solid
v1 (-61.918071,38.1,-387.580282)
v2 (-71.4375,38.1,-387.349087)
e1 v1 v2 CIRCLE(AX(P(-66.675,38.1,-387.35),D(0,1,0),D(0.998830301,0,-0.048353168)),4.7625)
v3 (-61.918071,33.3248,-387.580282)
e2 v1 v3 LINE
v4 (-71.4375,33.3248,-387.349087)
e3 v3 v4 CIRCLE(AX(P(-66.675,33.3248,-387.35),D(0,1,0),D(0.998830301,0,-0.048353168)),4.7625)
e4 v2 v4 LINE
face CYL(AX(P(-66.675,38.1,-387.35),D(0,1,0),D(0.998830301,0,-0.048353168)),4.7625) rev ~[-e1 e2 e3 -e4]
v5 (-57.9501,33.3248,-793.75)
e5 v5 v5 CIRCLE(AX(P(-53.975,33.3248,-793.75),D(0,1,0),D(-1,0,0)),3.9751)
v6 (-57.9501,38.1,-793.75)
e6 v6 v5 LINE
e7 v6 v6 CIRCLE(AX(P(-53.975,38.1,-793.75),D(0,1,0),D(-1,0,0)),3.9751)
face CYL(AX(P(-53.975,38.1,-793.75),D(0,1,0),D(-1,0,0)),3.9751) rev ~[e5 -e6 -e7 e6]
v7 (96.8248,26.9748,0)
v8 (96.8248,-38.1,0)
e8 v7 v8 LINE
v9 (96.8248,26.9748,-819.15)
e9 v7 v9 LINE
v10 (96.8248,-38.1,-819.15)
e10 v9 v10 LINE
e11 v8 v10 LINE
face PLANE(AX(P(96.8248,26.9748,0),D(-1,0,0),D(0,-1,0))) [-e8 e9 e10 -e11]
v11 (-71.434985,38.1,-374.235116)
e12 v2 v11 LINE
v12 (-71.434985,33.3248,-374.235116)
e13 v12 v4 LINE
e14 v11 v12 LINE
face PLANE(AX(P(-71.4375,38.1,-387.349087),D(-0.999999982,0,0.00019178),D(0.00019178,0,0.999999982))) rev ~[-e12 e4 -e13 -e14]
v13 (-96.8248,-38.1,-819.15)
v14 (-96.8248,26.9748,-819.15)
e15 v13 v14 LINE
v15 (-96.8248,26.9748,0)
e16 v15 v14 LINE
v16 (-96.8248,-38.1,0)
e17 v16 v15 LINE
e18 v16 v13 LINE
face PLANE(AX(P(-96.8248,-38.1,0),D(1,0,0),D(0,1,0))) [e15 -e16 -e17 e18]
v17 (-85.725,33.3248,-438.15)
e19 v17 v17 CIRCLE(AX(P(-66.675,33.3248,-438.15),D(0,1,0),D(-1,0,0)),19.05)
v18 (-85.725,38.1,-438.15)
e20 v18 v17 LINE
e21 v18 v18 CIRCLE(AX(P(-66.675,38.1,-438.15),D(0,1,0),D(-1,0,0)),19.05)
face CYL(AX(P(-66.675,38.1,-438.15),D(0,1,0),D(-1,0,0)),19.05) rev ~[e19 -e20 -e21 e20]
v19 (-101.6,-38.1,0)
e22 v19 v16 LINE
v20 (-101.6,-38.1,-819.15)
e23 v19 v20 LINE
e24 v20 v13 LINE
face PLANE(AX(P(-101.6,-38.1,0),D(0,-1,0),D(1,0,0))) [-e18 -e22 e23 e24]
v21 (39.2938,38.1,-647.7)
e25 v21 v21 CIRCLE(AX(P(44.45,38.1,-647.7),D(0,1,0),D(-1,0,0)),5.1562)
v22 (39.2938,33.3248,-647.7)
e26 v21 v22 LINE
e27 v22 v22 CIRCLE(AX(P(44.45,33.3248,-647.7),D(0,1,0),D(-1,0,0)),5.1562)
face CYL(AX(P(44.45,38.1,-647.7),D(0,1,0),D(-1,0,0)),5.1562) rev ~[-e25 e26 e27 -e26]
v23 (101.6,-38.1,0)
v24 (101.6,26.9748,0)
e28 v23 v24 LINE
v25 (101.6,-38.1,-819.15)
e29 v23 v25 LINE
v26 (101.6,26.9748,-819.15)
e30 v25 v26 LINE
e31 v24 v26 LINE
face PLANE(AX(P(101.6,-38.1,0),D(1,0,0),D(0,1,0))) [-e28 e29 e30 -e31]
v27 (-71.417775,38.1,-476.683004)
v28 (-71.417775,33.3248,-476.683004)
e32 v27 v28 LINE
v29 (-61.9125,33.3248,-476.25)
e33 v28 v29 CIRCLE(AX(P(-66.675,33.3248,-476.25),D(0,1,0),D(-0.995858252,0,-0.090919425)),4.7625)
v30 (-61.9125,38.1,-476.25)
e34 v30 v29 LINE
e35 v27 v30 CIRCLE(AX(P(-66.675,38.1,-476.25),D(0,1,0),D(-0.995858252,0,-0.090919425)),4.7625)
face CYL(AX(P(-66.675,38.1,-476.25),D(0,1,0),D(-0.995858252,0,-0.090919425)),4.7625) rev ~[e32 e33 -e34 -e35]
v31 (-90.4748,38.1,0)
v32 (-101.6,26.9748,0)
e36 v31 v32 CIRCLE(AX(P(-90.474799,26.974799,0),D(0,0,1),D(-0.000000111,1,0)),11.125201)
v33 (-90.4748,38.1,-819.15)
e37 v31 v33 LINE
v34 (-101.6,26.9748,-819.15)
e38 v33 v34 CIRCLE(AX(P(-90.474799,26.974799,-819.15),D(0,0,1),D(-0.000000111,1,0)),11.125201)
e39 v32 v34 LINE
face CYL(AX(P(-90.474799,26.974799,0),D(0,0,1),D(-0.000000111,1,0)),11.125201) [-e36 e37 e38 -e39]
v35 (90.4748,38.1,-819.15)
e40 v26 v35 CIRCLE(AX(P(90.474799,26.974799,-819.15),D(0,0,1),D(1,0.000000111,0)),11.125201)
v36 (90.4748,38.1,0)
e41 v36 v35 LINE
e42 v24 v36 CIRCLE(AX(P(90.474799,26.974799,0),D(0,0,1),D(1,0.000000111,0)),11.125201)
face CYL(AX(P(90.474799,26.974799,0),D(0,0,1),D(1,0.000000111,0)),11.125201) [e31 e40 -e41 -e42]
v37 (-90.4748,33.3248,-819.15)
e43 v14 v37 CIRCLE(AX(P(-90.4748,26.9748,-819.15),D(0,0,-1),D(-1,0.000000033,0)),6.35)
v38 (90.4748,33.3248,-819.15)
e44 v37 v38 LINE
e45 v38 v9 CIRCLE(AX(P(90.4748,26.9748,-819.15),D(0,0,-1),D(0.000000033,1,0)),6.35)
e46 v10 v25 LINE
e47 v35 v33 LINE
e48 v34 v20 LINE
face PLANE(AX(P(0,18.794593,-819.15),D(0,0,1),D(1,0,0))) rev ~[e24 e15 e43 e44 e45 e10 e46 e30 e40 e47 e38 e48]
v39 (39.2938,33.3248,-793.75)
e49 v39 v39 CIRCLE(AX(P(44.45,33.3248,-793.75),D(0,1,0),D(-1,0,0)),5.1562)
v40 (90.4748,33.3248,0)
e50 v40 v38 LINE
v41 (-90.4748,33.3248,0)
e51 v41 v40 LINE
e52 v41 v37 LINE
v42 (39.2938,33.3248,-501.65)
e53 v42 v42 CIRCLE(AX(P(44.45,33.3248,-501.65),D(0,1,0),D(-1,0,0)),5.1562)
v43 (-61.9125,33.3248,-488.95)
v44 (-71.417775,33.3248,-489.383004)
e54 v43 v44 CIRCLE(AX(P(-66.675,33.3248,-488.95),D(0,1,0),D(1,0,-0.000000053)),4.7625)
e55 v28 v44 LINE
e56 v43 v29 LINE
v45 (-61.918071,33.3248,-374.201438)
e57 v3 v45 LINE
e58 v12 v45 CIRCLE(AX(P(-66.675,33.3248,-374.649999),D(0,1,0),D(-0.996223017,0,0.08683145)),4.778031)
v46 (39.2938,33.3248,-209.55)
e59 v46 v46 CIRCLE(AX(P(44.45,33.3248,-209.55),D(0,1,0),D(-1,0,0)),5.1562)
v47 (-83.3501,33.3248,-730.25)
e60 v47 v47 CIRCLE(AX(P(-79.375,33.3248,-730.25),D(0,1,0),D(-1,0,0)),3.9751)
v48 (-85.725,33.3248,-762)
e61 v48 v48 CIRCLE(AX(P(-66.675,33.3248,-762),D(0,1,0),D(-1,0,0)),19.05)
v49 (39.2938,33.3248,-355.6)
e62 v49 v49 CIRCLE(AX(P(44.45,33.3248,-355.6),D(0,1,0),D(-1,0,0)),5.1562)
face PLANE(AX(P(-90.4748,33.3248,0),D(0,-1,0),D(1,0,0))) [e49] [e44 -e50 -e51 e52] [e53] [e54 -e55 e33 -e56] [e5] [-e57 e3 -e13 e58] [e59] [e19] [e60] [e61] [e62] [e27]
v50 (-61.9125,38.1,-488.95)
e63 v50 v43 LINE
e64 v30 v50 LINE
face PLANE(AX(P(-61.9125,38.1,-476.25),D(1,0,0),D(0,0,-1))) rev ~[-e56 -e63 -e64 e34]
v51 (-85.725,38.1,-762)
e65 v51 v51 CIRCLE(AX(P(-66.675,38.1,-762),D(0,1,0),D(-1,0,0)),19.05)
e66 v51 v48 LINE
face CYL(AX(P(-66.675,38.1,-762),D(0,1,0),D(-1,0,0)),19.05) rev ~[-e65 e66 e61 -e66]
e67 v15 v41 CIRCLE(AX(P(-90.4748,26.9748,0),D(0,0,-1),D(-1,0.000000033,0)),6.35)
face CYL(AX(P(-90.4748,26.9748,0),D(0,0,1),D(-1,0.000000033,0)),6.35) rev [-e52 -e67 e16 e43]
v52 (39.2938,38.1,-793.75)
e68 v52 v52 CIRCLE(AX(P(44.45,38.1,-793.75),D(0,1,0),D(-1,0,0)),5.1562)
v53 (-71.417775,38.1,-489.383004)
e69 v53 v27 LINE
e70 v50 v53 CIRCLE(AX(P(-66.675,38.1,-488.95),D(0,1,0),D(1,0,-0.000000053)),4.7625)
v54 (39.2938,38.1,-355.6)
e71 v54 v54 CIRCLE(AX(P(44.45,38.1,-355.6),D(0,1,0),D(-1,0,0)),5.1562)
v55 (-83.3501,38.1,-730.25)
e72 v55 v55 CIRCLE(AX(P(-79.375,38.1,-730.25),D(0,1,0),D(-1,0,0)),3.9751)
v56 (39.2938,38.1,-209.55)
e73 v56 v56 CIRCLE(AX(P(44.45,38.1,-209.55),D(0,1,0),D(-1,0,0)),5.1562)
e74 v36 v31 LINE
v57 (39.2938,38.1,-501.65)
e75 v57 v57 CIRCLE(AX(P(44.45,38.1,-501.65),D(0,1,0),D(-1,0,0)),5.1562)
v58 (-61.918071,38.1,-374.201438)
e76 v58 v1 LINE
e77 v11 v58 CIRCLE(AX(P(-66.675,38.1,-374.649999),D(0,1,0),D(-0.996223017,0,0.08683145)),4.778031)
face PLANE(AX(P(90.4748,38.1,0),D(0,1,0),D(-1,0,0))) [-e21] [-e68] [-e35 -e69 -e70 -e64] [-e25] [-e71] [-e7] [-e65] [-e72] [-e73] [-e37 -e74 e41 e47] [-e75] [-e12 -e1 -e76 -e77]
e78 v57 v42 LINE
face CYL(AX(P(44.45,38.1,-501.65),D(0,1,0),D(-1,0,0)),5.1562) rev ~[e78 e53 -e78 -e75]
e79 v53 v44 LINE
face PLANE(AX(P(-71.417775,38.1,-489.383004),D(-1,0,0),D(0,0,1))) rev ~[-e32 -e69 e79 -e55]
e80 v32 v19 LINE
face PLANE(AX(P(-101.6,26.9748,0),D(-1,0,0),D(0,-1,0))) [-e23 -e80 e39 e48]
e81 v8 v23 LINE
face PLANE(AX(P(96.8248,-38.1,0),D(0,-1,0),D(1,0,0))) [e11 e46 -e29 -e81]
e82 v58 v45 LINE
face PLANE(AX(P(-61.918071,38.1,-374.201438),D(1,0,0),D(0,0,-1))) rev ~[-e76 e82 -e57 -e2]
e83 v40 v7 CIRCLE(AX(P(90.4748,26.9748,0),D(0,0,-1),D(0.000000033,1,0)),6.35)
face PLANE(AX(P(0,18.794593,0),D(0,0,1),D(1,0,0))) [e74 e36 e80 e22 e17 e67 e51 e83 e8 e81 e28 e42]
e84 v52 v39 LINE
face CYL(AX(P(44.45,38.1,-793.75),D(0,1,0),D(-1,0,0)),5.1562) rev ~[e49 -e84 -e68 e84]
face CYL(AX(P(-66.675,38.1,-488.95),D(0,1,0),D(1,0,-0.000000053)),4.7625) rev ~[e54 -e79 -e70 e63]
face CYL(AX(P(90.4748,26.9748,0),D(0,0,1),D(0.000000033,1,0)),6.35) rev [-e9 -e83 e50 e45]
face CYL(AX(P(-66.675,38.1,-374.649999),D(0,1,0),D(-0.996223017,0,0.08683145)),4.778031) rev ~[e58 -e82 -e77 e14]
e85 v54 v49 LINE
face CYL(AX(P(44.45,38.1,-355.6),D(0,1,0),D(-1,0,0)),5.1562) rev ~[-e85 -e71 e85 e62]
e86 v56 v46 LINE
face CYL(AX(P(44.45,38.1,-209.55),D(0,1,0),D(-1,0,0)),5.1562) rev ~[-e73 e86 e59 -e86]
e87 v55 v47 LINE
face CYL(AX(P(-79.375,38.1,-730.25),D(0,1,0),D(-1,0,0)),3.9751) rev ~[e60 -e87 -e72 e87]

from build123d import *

# Parameters (mm, degrees)
F1_DEPTH = 819.15
F2_R     = 5.1562
F2_R_2   = 3.9751
F2_R_3   = 19.05
F3_DEPTH = 76.201


with BuildPart() as f1:
    # F0 (on Top) → F1 (new body)
    with BuildSketch(Plane.XY):
        with BuildLine():
            ThreePointArc((101.6, 26.9748), (98.341504, 34.841504), (90.4748, 38.1))
            Line((90.4748, 38.1), (-90.4748, 38.1))
            ThreePointArc((-90.4748, 38.1), (-98.341504, 34.841504), (-101.6, 26.9748))
            Line((-101.6, 26.9748), (-101.6, -38.1))
            Line((-101.6, -38.1), (-96.8248, -38.1))
            Line((-96.8248, -38.1), (-96.8248, 26.9748))
            ThreePointArc((-96.8248, 26.9748), (-94.964928, 31.464928), (-90.4748, 33.3248))
            Line((-90.4748, 33.3248), (90.4748, 33.3248))
            ThreePointArc((90.4748, 33.3248), (94.964928, 31.464928), (96.8248, 26.9748))
            Line((96.8248, 26.9748), (96.8248, -38.1))
            Line((96.8248, -38.1), (101.6, -38.1))
            Line((101.6, -38.1), (101.6, 26.9748))
        make_face()
    extrude(amount=-F1_DEPTH)

    # F2 (on face) → F3 (cut, through all)
    with BuildSketch(Plane(origin=(0, 38.1, 0), x_dir=(-1, 0, 0), z_dir=(0, 1, 0))):
        with Locations((-44.45, -209.55)):
            Circle(F2_R)
        with Locations((-44.45, -355.6)):
            Circle(F2_R)
        with Locations((-44.45, -501.65)):
            Circle(F2_R)
        with Locations((-44.45, -647.7)):
            Circle(F2_R)
        with Locations((-44.45, -793.75)):
            Circle(F2_R)
        with Locations((53.975, -793.75)):
            Circle(F2_R_2)
        with Locations((66.675, -762)):
            Circle(F2_R_3)
        with Locations((79.375, -730.25)):
            Circle(F2_R_2)
        with Locations((66.675, -438.15)):
            Circle(F2_R_3)
        with BuildLine():
            Line((71.417775, -488.516996), (71.417775, -476.683004))
            ThreePointArc((71.417775, -476.683004), (66.891726, -471.492434), (61.9125, -476.25))
            Line((61.9125, -476.25), (61.9125, -488.95))
            ThreePointArc((61.9125, -488.95), (66.458274, -493.707566), (71.417775, -489.383004))
            Line((71.417775, -489.383004), (71.417775, -488.516996))
        make_face()
        with BuildLine():
            Line((71.4375, -387.349087), (71.434985, -374.235116))
            ThreePointArc((71.434985, -374.235116), (66.691908, -369.871998), (61.918071, -374.201438))
            Line((61.918071, -374.201438), (61.918071, -375.098562))
            Line((61.918071, -375.098562), (61.918071, -387.119718))
            Line((61.918071, -387.119718), (61.918071, -387.580282))
            ThreePointArc((61.918071, -387.580282), (66.790631, -392.111096), (71.4375, -387.349087))
        make_face()
    extrude(amount=-F3_DEPTH, mode=Mode.SUBTRACT)


solid = f1.part
